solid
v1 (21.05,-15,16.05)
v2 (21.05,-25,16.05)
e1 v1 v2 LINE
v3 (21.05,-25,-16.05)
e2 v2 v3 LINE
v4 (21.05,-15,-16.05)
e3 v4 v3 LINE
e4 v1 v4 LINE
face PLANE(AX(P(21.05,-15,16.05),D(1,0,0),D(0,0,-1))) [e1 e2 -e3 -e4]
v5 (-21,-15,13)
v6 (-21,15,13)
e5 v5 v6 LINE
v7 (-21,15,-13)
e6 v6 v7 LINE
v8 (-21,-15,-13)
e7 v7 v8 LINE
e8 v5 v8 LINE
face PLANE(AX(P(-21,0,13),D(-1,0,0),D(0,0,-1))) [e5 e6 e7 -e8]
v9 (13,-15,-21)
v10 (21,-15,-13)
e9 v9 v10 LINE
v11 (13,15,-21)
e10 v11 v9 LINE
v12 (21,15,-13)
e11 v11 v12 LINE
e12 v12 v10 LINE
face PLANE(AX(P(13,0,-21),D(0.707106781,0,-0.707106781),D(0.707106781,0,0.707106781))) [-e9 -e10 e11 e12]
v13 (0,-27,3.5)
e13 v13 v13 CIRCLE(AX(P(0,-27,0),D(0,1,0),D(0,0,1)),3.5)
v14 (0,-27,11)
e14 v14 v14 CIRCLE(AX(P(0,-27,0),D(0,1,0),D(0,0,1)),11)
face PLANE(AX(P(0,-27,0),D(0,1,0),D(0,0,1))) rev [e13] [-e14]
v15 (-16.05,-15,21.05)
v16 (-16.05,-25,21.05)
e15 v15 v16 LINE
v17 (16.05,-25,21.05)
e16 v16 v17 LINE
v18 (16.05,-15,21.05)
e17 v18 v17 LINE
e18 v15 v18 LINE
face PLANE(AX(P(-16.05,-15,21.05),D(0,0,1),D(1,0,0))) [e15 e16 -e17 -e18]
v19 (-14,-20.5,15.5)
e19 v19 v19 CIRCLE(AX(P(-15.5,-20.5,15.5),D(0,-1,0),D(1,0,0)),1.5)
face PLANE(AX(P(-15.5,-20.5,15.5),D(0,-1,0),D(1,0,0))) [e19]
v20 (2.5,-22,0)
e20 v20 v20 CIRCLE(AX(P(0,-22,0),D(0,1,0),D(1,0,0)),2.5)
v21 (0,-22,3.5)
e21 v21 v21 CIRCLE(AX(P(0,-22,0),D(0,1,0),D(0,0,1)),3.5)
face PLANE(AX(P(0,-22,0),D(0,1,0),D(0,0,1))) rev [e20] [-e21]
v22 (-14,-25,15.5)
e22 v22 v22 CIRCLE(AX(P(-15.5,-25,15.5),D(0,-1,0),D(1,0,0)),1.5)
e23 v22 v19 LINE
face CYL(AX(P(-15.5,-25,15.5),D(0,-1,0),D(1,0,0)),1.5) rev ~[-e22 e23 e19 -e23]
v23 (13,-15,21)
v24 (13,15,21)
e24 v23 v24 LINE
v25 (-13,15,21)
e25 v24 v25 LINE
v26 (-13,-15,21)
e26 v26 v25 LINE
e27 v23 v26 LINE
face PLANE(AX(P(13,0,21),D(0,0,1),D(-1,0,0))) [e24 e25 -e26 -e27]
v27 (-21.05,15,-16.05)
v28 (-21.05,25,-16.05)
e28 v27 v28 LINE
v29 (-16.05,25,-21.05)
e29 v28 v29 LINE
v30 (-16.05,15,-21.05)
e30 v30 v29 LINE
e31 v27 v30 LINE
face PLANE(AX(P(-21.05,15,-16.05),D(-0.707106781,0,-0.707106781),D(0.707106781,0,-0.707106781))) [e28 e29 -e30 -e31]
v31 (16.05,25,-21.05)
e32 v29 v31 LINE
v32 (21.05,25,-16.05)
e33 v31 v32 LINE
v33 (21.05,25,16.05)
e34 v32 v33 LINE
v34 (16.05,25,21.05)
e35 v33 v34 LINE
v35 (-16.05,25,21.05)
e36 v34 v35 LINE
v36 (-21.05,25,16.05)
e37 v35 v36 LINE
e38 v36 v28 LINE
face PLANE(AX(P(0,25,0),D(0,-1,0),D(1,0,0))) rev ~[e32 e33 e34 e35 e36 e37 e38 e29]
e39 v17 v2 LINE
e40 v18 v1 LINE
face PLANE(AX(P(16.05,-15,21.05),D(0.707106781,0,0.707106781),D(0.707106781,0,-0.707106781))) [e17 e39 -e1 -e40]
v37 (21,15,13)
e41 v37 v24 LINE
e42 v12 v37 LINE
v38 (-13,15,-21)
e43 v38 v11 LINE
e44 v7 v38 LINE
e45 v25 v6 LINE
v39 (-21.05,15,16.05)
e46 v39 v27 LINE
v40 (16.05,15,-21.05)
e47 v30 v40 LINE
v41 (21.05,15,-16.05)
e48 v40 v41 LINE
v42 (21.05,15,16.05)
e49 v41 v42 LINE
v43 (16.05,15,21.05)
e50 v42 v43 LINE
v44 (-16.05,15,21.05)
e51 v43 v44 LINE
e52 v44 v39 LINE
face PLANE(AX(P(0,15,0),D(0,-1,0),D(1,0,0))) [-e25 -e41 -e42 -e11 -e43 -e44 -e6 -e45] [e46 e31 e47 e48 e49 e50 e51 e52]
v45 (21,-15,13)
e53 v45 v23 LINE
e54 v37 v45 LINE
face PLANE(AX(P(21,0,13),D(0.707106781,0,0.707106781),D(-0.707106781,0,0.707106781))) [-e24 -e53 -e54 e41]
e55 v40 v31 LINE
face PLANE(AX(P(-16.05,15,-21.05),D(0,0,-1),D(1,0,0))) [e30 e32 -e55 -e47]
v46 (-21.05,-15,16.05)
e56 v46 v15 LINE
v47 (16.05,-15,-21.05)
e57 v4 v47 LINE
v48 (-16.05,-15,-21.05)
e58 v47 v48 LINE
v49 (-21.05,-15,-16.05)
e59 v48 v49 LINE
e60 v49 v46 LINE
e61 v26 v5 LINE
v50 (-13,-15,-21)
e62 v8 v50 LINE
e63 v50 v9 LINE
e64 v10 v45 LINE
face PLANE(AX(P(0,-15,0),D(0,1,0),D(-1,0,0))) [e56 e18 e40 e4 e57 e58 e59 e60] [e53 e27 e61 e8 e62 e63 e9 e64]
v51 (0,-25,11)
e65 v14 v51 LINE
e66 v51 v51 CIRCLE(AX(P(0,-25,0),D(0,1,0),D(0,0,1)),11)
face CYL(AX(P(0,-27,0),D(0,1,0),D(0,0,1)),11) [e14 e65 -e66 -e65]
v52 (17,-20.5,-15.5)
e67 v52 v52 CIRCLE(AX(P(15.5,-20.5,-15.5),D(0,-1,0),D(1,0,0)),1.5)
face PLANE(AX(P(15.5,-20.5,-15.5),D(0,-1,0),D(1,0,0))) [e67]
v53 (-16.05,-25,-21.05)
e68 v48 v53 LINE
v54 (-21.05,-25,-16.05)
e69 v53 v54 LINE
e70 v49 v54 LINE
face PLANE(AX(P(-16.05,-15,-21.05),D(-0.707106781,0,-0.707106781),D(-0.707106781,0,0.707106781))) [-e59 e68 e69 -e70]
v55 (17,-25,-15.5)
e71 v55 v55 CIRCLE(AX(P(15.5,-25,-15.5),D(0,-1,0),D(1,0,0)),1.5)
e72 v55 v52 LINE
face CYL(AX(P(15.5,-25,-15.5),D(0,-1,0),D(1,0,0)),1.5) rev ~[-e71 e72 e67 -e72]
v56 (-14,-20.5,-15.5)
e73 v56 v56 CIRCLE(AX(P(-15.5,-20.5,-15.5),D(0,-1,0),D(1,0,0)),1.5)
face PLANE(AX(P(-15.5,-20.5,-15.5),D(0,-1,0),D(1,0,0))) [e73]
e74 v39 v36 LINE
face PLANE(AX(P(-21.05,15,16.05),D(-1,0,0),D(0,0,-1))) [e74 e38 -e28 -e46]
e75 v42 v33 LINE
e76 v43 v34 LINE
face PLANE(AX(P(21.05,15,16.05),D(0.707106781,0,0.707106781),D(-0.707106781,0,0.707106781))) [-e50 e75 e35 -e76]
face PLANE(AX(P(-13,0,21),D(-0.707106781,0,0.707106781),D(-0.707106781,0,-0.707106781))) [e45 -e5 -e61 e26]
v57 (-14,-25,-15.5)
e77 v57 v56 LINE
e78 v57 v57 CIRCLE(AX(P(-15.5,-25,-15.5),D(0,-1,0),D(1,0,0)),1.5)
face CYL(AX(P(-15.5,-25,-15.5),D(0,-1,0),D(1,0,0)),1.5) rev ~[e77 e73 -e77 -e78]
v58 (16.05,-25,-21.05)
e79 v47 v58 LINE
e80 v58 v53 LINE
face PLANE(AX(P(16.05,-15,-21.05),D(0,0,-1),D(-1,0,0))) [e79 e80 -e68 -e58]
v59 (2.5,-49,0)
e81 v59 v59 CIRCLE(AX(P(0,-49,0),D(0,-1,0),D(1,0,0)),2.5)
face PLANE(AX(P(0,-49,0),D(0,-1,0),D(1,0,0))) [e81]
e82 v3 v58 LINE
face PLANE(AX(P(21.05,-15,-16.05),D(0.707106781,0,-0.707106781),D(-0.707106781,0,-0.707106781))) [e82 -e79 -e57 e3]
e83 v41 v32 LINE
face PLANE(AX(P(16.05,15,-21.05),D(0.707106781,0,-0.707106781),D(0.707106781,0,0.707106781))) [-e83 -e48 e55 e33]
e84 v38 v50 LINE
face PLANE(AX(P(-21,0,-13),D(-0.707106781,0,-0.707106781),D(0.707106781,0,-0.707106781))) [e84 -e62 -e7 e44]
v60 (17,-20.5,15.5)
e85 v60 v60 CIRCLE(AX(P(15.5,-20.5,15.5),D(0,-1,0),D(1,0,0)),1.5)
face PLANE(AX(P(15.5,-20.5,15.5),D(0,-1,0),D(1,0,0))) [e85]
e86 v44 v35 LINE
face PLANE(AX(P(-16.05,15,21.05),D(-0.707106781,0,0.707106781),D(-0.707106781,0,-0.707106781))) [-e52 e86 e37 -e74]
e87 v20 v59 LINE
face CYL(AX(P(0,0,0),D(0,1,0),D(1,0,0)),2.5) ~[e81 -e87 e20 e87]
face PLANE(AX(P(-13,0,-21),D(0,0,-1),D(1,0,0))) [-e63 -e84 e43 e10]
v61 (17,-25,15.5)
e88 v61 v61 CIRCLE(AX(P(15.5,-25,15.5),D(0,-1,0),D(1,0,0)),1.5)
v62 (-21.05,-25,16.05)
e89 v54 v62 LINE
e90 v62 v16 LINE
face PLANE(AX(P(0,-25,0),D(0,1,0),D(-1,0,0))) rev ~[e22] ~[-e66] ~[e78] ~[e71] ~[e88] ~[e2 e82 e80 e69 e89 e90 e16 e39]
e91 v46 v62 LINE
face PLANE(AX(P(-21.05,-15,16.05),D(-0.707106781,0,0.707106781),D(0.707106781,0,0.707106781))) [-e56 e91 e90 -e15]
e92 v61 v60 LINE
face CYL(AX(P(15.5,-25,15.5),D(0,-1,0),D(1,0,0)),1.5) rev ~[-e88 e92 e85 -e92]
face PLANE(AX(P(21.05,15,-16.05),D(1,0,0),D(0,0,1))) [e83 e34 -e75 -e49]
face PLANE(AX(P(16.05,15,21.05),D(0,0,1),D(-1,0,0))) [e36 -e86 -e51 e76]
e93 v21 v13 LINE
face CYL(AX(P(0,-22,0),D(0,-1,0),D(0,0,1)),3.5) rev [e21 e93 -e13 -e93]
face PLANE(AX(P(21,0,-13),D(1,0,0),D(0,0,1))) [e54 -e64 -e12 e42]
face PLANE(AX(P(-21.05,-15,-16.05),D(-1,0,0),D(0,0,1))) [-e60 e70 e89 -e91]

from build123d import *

# Parameters (mm, degrees)
SKETCH005_R  = 2.5
PAD003_DEPTH = 49
SKETCH002_R  = 11
PAD001_DEPTH = 10
SKETCH003_R  = 1.5
POCKET_DEPTH = 4.5
PAD_DEPTH    = 15
PAD002_DEPTH = 10


with BuildPart() as shaft:
    # Sketch005 → Pad003 (new body)
    with BuildSketch(Plane.XZ):
        Circle(SKETCH005_R)
    extrude(amount=PAD003_DEPTH)


with BuildPart() as front_holes:
    # Sketch002 → Pad001 (new body)
    with BuildSketch(Plane.XZ.offset(15)):
        Polygon((-21.05, -16.05), (-21.05, 16.05), (-16.05, 21.05), (16.05, 21.05), (21.05, 16.05), (21.05, -16.05), (16.05, -21.05), (-16.05, -21.05), align=None)
        Circle(SKETCH002_R, mode=Mode.SUBTRACT)
    extrude(amount=PAD001_DEPTH)

    # Sketch003 → Pocket (cut)
    with BuildSketch(Plane.XZ.offset(25)):
        with Locations((-15.5, 15.5)):
            Circle(SKETCH003_R)
        with Locations((15.5, 15.5)):
            Circle(SKETCH003_R)
        with Locations((-15.5, -15.5)):
            Circle(SKETCH003_R)
        with Locations((15.5, -15.5)):
            Circle(SKETCH003_R)
    extrude(amount=-POCKET_DEPTH, mode=Mode.SUBTRACT)


with BuildPart() as center:
    # Sketch001 → Revolution (revolve)
    with BuildSketch(Plane.YZ):
        Polygon((-24, 12), (0, 12), (0, 0), (-22, 0), (-22, 3.5), (-27, 3.5), (-27, 11), (-24, 11), align=None)
    revolve(axis=Axis((0, 0, 0), (0, 1, 0)))


with BuildPart() as front_middle_center:
    # Sketch → Pad (new body, symmetric)
    with BuildSketch(Plane.XZ):
        Polygon((-21, 13), (-21, -13), (-13, -21), (13, -21), (21, -13), (21, 13), (13, 21), (-13, 21), align=None)
    extrude(amount=PAD_DEPTH, both=True)

    # Fusion: union center
    add(center.part)

    # Fusion001: union front-holes
    add(front_holes.part)


with BuildPart() as nema17:
    # Sketch004 → Pad002 (new body)
    with BuildSketch(Plane(origin=(0, 15, 0), x_dir=(-1, 0, 0), z_dir=(0, 1, 0))):
        Polygon((-21.05, -16.05), (-21.05, 16.05), (-16.05, 21.05), (16.05, 21.05), (21.05, 16.05), (21.05, -16.05), (16.05, -21.05), (-16.05, -21.05), align=None)
    extrude(amount=PAD002_DEPTH)

    # Fusion002: union front-middle-center
    add(front_middle_center.part)

    # Fusion003: union shaft
    add(shaft.part)


solid = nema17.part
